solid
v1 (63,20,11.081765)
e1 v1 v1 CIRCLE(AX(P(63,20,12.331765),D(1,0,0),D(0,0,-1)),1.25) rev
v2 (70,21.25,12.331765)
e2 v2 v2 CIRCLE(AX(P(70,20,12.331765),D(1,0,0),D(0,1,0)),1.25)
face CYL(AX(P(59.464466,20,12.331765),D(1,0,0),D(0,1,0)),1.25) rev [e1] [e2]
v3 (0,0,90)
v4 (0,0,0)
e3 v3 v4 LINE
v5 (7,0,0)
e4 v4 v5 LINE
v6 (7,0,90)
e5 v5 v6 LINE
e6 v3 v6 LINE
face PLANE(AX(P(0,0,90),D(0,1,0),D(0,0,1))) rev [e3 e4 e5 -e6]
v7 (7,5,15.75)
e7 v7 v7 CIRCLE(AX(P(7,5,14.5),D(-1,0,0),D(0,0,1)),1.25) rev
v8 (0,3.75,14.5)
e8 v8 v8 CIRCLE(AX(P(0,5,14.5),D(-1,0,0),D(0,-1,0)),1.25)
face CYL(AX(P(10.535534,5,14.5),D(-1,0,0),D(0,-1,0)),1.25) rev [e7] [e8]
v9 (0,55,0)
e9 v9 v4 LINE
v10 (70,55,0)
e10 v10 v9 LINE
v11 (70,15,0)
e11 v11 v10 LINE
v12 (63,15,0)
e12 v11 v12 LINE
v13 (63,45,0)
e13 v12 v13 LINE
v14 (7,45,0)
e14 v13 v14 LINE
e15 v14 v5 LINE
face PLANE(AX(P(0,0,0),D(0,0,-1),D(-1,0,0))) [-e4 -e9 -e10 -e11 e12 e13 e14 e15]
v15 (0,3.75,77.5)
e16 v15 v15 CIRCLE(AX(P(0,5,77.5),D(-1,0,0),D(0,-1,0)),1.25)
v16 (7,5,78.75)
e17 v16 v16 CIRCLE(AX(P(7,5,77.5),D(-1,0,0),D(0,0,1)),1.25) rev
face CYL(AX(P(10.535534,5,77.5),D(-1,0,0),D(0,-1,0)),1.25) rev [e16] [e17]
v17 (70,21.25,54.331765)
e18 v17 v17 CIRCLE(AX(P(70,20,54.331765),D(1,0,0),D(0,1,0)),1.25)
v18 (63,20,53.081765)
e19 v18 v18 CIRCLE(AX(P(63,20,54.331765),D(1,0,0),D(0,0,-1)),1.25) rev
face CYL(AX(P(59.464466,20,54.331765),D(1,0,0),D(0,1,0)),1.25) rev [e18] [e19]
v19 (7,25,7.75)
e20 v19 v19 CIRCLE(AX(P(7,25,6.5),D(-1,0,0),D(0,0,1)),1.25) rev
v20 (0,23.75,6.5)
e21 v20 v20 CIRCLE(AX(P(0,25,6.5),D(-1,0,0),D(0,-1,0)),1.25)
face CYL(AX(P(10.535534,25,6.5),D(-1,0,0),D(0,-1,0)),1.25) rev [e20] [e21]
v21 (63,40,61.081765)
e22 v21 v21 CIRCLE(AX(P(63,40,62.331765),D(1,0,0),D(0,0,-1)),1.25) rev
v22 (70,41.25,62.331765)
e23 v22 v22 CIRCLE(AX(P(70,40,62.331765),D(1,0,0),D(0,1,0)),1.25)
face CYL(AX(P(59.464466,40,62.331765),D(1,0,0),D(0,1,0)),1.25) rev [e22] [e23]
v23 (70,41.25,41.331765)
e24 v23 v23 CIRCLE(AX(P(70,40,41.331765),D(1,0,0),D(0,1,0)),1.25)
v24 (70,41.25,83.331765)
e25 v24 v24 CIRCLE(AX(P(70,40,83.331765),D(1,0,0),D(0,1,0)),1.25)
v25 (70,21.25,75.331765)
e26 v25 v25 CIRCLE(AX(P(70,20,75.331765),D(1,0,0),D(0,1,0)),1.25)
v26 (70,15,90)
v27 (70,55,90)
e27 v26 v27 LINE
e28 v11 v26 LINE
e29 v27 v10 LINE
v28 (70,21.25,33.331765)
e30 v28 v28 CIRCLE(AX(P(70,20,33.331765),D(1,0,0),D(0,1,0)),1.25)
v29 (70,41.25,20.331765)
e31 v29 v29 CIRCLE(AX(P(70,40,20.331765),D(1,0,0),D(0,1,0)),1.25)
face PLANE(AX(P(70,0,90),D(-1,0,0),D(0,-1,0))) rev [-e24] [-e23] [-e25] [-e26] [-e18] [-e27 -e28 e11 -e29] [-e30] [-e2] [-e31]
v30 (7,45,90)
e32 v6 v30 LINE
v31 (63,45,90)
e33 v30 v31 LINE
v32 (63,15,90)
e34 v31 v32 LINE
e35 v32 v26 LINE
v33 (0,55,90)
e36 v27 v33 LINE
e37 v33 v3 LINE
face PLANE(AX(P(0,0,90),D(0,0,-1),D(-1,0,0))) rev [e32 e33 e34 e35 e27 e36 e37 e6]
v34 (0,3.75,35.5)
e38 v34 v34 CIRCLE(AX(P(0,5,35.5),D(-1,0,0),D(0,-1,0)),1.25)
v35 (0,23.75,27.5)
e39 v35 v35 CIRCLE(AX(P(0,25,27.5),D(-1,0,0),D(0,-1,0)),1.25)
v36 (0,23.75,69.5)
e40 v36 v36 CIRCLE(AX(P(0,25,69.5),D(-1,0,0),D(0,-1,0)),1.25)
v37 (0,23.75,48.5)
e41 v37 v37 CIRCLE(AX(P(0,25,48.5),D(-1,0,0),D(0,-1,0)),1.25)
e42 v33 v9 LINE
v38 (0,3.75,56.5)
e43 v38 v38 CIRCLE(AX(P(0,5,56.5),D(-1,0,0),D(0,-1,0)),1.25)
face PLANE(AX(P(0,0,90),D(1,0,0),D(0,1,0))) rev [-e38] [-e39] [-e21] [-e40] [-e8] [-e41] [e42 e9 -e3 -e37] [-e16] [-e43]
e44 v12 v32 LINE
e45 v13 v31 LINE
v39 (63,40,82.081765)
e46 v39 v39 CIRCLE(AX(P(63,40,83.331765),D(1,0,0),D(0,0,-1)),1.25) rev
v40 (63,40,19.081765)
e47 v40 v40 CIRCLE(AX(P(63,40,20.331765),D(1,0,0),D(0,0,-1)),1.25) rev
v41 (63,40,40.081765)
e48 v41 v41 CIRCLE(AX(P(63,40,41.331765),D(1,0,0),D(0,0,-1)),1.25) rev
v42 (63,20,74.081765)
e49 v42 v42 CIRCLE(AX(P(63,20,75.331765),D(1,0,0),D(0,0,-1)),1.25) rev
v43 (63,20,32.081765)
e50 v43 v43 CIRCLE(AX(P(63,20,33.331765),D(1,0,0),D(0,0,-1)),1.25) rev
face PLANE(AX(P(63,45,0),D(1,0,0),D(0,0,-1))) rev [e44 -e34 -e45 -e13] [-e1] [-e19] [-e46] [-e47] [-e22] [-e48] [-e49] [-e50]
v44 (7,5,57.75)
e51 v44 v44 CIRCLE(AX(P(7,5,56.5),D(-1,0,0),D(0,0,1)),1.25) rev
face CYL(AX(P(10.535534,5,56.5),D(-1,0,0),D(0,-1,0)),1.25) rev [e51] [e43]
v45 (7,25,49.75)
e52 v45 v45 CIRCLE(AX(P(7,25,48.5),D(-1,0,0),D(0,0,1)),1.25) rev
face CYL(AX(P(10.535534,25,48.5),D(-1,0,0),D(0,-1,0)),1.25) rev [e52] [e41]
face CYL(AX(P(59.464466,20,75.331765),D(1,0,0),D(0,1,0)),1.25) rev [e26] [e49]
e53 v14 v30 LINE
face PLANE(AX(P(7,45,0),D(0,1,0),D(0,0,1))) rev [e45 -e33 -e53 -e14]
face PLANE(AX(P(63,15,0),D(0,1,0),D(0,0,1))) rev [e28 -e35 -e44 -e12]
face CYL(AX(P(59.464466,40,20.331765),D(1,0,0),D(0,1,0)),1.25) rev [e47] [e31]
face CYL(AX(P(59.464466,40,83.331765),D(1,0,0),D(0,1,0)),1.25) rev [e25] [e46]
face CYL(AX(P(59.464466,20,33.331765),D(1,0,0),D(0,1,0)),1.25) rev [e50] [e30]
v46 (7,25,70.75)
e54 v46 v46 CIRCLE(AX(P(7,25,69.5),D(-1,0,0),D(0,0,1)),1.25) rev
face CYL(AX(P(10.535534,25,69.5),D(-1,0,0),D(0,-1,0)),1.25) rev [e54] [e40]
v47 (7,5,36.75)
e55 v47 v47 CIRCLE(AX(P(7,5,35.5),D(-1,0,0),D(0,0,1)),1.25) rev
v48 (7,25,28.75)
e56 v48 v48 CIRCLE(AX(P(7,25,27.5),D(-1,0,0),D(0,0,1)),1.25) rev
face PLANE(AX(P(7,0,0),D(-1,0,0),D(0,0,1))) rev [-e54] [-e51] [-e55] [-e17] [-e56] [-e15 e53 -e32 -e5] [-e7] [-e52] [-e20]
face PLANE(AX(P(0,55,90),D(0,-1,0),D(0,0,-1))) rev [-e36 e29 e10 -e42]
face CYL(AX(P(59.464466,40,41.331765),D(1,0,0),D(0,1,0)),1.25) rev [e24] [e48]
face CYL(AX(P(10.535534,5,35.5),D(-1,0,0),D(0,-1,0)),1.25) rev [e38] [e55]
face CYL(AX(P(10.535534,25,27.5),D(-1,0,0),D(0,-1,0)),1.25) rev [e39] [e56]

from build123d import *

# Parameters (mm, degrees)
SKETCH1_W               = 70
SKETCH1_H               = 55
BOSS_EXTRUDE1_DEPTH     = 90
CUT_EXTRUDE1_DEPTH      = 127.589889012
CUT_EXTRUDE1_DEPTH_BACK = 127.589889012
SKETCH3_R               = 1.25
CUT_EXTRUDE2_DEPTH      = 7
SKETCH4_R               = 1.25
CUT_EXTRUDE4_DEPTH      = 7


with BuildPart() as part:
    # Sketch1 → Boss-Extrude1 (new body)
    with BuildSketch(Plane.XY):
        with Locations((35, 27.5)):
            Rectangle(SKETCH1_W, SKETCH1_H)
    extrude(amount=BOSS_EXTRUDE1_DEPTH)

    # Sketch2 → Cut-Extrude1 (cut, two sides: drawn at the far end of the back side and taken through both)
    with BuildSketch(Plane.XY.offset(90).offset(-CUT_EXTRUDE1_DEPTH_BACK)):
        Polygon((7, 0), (7, 45), (63, 45), (63, 15), (70, 15), (70, 0), (60, 0), align=None)
    extrude(amount=CUT_EXTRUDE1_DEPTH + CUT_EXTRUDE1_DEPTH_BACK, mode=Mode.SUBTRACT)

    # Sketch3 → Cut-Extrude2 (cut)
    with BuildSketch(Plane.ZY):
        with Locations(Location((6.5, 25, 0), (0, 0, 270))):
            Circle(SKETCH3_R)
        with Locations(Location((14.5, 5, 0), (0, 0, 270))):
            Circle(SKETCH3_R)
        with Locations(Location((27.5, 25, 0), (0, 0, 270))):
            Circle(SKETCH3_R)
        with Locations(Location((35.5, 5, 0), (0, 0, 270))):
            Circle(SKETCH3_R)
        with Locations(Location((48.5, 25, 0), (0, 0, 270))):
            Circle(SKETCH3_R)
        with Locations(Location((56.5, 5, 0), (0, 0, 270))):
            Circle(SKETCH3_R)
        with Locations(Location((69.5, 25, 0), (0, 0, 270))):
            Circle(SKETCH3_R)
        with Locations(Location((77.5, 5, 0), (0, 0, 270))):
            Circle(SKETCH3_R)
    extrude(amount=-CUT_EXTRUDE2_DEPTH, mode=Mode.SUBTRACT)

    # Sketch4 → Cut-Extrude4 (cut)
    with BuildSketch(Plane(origin=(70, 0, 0), x_dir=(0, 0, -1), z_dir=(1, 0, 0))):
        with Locations(Location((-83.331764561, 40, 0), (0, 0, 90))):
            Circle(SKETCH4_R)
        with Locations(Location((-75.331764561, 20, 0), (0, 0, 90))):
            Circle(SKETCH4_R)
        with Locations(Location((-62.331764561, 40, 0), (0, 0, 90))):
            Circle(SKETCH4_R)
        with Locations(Location((-54.331764561, 20, 0), (0, 0, 90))):
            Circle(SKETCH4_R)
        with Locations(Location((-41.331764561, 40, 0), (0, 0, 90))):
            Circle(SKETCH4_R)
        with Locations(Location((-33.331764561, 20, 0), (0, 0, 90))):
            Circle(SKETCH4_R)
        with Locations(Location((-20.331764561, 40, 0), (0, 0, 90))):
            Circle(SKETCH4_R)
        with Locations(Location((-12.331764561, 20, 0), (0, 0, 90))):
            Circle(SKETCH4_R)
    extrude(amount=-CUT_EXTRUDE4_DEPTH, mode=Mode.SUBTRACT)


solid = part.part
